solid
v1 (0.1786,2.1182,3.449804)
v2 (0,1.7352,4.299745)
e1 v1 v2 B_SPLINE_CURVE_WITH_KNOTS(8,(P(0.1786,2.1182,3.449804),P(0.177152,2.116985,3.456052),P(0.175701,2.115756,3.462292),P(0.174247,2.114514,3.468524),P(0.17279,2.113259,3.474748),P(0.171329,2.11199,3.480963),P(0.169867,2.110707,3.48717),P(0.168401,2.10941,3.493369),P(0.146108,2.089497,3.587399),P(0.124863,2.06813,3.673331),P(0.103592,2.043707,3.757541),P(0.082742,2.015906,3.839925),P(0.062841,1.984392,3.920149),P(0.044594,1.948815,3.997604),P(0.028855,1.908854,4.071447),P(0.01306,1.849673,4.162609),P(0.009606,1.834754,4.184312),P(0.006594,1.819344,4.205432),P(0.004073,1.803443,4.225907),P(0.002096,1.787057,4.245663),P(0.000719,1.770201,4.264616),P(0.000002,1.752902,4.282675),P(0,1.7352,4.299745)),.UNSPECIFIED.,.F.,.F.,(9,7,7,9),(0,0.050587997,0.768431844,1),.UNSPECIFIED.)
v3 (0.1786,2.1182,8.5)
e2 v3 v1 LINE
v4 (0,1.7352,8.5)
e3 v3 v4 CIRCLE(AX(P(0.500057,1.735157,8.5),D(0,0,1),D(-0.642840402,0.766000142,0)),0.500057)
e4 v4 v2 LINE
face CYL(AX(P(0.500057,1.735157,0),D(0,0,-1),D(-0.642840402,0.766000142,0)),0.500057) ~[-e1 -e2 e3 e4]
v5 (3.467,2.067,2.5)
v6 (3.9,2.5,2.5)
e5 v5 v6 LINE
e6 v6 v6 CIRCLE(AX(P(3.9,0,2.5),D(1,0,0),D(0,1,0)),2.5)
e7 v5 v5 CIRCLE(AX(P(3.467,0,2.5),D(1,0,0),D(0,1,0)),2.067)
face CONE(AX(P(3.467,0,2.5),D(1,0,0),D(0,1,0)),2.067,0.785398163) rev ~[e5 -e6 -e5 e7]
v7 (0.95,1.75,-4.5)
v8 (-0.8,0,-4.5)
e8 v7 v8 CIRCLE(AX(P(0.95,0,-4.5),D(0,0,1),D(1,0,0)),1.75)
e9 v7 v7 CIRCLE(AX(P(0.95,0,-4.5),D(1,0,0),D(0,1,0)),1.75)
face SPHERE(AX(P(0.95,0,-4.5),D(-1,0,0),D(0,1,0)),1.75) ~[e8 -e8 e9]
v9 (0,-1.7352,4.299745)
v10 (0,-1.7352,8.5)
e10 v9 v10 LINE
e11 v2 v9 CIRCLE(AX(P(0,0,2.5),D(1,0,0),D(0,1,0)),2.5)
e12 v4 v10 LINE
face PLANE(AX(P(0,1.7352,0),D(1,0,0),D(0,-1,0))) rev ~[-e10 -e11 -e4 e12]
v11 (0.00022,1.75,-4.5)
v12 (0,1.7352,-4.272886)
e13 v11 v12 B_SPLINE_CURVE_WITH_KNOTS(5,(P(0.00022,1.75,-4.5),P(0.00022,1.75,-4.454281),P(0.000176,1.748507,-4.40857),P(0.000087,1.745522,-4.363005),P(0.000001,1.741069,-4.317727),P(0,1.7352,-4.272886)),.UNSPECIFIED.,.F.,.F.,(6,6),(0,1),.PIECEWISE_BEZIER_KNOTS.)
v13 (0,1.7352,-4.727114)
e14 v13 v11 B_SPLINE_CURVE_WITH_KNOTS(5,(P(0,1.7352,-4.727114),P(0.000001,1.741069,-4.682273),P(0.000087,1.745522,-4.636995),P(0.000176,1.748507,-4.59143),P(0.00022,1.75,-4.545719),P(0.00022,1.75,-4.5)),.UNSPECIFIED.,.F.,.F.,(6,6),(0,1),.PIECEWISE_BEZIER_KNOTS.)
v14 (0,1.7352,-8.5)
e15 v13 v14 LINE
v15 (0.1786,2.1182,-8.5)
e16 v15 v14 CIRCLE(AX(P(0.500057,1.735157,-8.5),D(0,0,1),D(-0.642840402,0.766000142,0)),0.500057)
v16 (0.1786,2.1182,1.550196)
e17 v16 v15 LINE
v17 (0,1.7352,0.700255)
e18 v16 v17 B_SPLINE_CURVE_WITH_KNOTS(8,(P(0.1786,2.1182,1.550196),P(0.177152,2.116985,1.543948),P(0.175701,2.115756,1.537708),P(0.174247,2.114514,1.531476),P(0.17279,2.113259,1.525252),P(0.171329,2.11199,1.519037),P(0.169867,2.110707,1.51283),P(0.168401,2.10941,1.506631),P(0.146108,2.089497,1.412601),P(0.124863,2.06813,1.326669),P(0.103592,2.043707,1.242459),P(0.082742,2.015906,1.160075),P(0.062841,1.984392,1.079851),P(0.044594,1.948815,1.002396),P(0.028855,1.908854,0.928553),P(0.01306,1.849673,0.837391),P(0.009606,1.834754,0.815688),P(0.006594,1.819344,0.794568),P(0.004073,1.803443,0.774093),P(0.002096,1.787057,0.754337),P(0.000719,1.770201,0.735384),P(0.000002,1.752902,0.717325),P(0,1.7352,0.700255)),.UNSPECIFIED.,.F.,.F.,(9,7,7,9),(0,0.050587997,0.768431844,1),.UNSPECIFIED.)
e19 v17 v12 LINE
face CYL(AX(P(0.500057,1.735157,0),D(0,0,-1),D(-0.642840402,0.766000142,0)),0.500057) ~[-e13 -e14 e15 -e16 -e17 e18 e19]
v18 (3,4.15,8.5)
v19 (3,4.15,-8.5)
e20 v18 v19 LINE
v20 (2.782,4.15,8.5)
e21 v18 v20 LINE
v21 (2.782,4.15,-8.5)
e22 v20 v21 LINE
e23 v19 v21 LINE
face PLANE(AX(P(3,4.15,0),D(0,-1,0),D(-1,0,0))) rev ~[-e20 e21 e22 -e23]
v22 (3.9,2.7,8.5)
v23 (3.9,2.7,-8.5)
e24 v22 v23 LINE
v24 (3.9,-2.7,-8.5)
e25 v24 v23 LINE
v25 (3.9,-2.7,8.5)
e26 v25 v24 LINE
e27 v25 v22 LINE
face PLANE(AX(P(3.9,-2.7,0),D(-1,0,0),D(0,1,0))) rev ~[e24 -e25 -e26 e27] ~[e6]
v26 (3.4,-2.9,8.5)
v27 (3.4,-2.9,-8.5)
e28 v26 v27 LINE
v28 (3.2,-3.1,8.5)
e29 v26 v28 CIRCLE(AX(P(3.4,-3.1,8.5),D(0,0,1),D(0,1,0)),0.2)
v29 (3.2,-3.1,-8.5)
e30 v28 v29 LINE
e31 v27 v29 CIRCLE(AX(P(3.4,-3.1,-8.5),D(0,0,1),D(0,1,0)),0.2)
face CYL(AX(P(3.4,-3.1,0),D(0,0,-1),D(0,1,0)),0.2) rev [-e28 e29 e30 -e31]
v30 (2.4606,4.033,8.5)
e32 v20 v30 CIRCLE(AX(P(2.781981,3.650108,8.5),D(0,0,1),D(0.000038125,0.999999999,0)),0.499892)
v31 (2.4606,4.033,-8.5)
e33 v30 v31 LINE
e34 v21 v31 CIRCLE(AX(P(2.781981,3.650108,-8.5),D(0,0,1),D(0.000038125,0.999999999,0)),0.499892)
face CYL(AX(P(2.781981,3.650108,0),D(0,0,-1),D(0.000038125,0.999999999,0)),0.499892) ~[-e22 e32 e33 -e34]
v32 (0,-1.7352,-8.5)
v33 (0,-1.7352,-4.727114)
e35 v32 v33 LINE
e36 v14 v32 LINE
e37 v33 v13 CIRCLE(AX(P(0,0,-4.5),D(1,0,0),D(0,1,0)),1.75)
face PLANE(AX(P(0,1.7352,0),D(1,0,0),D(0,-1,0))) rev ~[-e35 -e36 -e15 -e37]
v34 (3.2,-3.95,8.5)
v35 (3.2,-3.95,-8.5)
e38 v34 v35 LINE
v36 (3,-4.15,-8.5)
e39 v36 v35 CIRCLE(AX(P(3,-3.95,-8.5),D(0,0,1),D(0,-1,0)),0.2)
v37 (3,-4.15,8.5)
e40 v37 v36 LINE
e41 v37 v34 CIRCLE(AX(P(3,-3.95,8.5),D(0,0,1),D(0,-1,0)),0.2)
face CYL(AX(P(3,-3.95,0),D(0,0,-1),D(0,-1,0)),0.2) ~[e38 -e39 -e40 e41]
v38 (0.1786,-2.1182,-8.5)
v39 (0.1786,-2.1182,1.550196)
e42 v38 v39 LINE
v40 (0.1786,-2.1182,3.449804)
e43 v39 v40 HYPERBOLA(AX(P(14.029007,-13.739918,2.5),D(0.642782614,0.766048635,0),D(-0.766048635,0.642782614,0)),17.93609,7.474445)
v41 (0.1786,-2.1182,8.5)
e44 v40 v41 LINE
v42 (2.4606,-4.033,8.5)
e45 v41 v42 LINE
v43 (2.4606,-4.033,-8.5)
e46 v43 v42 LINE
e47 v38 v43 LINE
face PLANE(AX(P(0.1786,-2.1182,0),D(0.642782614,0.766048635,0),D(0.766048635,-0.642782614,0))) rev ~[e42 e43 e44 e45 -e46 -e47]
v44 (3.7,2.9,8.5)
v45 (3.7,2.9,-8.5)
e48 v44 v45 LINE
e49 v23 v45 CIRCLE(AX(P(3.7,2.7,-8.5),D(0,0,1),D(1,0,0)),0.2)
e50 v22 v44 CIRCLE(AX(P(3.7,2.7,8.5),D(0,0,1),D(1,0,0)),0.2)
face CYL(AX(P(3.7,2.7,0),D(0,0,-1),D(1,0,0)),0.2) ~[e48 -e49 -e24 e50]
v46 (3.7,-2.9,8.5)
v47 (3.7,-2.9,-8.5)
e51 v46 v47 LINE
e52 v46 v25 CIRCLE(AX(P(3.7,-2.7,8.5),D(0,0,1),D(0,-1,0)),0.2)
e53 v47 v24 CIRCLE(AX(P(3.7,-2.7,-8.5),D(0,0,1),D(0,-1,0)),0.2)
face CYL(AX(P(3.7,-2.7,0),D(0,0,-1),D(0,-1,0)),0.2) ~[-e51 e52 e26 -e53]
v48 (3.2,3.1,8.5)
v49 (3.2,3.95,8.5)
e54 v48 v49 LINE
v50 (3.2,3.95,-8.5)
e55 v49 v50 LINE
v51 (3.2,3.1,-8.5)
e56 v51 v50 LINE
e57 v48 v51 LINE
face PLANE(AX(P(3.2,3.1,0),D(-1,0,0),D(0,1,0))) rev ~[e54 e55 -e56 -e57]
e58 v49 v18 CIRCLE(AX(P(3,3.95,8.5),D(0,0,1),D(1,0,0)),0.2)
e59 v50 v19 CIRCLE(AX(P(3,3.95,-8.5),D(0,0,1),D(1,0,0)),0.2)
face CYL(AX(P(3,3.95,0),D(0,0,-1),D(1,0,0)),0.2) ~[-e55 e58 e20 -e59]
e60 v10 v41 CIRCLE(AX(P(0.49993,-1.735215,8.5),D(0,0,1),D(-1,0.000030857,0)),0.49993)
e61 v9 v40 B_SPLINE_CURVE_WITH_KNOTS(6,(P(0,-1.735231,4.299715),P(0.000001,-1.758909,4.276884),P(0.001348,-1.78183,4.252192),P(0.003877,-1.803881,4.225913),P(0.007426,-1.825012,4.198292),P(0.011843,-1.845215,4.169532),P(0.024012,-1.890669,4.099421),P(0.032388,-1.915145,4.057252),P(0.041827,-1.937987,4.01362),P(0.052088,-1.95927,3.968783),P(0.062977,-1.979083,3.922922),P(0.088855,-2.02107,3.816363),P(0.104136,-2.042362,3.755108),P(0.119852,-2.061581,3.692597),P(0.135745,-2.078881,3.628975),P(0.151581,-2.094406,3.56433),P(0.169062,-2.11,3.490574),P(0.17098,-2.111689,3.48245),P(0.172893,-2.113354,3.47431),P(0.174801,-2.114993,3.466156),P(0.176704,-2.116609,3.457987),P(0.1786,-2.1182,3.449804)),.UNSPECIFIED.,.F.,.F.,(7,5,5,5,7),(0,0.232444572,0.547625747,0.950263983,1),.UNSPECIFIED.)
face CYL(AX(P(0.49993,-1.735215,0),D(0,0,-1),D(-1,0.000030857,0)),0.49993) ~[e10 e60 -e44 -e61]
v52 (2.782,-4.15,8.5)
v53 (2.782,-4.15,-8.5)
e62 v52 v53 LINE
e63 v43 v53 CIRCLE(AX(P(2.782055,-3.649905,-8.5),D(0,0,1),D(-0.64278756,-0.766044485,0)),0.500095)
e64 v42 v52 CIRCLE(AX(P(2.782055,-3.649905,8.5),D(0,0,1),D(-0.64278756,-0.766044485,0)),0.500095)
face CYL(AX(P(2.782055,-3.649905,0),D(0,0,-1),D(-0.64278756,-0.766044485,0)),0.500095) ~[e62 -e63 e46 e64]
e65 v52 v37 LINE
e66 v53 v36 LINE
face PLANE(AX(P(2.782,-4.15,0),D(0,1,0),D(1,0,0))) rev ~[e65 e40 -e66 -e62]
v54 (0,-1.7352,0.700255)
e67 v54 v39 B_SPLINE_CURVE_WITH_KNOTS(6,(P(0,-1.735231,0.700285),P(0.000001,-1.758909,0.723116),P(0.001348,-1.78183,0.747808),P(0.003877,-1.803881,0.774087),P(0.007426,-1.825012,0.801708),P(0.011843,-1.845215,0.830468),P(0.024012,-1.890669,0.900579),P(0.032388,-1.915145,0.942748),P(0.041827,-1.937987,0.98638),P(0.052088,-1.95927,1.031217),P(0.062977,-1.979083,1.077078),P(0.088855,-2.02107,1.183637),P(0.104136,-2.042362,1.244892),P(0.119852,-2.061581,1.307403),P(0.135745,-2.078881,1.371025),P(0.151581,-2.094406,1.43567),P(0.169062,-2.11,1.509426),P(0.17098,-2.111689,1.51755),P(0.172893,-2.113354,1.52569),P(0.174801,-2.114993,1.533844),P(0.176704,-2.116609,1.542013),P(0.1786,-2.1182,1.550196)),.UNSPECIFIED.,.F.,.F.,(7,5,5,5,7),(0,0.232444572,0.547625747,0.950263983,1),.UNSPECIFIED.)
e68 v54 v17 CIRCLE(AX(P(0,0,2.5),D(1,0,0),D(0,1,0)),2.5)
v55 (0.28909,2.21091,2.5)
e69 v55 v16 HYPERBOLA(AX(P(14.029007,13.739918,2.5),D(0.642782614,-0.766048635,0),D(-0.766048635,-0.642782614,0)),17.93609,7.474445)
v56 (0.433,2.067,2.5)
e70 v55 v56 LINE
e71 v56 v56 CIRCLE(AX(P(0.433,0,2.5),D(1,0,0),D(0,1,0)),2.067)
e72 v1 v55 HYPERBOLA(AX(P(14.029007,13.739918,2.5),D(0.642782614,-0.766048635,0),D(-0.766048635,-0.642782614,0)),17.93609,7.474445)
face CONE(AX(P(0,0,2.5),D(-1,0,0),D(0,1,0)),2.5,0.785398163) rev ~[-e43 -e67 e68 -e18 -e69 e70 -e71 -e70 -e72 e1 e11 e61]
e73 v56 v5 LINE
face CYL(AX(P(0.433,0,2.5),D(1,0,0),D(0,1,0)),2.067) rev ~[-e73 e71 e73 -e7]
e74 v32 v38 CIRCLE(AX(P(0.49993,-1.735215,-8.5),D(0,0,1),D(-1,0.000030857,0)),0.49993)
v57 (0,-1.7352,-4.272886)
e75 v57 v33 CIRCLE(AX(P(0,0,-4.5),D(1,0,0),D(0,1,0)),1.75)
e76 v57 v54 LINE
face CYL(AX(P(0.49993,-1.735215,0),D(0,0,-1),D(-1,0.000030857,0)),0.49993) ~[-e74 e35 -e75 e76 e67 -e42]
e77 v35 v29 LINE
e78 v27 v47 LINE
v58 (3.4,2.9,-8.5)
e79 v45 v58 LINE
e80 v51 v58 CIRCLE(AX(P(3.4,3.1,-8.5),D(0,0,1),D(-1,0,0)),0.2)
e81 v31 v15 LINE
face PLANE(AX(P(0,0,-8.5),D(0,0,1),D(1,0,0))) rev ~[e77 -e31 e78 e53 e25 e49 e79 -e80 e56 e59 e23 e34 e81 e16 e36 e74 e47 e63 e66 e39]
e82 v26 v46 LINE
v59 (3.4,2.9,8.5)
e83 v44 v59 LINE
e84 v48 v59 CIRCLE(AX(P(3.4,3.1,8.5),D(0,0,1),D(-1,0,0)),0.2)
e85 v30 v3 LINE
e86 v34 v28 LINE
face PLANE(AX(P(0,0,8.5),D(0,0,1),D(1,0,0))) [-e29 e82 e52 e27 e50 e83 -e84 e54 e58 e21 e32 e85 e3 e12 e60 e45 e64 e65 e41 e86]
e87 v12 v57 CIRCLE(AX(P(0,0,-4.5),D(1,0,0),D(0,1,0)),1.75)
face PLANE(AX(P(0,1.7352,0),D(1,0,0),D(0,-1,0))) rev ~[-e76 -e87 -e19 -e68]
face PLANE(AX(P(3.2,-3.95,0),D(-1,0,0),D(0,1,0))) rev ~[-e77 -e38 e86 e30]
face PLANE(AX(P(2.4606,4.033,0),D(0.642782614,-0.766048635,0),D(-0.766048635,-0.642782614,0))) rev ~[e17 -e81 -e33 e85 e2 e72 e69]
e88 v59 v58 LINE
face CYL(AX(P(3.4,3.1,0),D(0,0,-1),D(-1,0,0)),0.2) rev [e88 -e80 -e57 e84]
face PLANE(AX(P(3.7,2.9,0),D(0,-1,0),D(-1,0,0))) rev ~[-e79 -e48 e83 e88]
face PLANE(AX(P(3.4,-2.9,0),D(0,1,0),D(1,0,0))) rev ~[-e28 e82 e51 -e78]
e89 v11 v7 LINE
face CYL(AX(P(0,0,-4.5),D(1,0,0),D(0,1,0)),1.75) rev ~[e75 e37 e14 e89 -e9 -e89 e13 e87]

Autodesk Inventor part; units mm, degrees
sketch "_____2" plane through (0, 0, 0) normal (0, 0, 1) x (1, 0, 0)
  arc A0 (0, -1.7352) -> (0.1786, -2.1182) centre (0.5, -1.7352) ccw
  line L0 (0.1786, -2.1182) -> (2.4606, -4.033)
  arc A1 (2.4606, -4.033) -> (2.782, -4.15) centre (2.782, -3.65) ccw
  line L1 (2.782, -4.15) -> (3, -4.15)
  arc A2 (3, -4.15) -> (3.2, -3.95) centre (3, -3.95) ccw
  line L2 (3.2, -3.95) -> (3.2, -3.1)
  arc A3 (3.4, -2.9) -> (3.2, -3.1) centre (3.4, -3.1) ccw
  line L3 (3.4, -2.9) -> (3.7, -2.9)
  arc A4 (3.7, -2.9) -> (3.9, -2.7) centre (3.7, -2.7) ccw
  line L4 (3.9, -2.7) -> (3.9, 2.7)
  arc A5 (3.9, 2.7) -> (3.7, 2.9) centre (3.7, 2.7) ccw
  line L5 (3.7, 2.9) -> (3.4, 2.9)
  arc A6 (3.2, 3.1) -> (3.4, 2.9) centre (3.4, 3.1) ccw
  line L6 (3.2, 3.1) -> (3.2, 3.95)
  arc A7 (3.2, 3.95) -> (3, 4.15) centre (3, 3.95) ccw
  line L7 (3, 4.15) -> (2.782, 4.15)
  arc A8 (2.782, 4.15) -> (2.4606, 4.033) centre (2.782, 3.65) ccw
  line L8 (2.4606, 4.033) -> (0.1786, 2.1182)
  arc A9 (0.1786, 2.1182) -> (0, 1.7352) centre (0.5, 1.7352) ccw
  line L9 (0, 1.7352) -> (0, -1.7352)
extrude "Extrusion1" add sketch "_____2" along normal mid plane 17
sketch "Sketch_2" plane through (0, 0, 2.5) normal (0, 0, 1) x (1, 0, 0)
  line L0 (3.9, 0) -> (0, 0)
  line L1 (0, 0) -> (0, 2.5)
  line L2 (0, 2.5) -> (0.433, 2.067)
  line L3 (0.433, 2.067) -> (3.467, 2.067)
  line L4 (3.467, 2.067) -> (3.9, 2.5)
  line L5 (3.9, 2.5) -> (3.9, 0)
  line L6 (3.9, 0) -> (0, 0)
revolve "Revolution1" cut sketch "Sketch_2" angle 360 about axis through (3.9, 0, 2.5) along (1, 0, 0)
thread "Thread1" size "M5x0.8" class "6H" standard "ISO Metric profile" full length
sketch "_____1" plane through (0, 0, -4.5) normal (0, 0, 1) x (1, 0, 0)
  line L0 (0.95, 0) -> (0, 0)
  line L1 (0, 0) -> (0, 1.75)
  line L2 (0, 1.75) -> (0.95, 1.75)
  line L3 (0.95, 1.75) -> (0.95, 0)
  line L4 (0.95, 0) -> (0, 0)
revolve "Revolution2" cut sketch "_____1" angle 360 about axis through (0.95, 0, -4.5) along (1, 0, 0)
sketch "Sketch_3" plane through (0, 0, -4.5) normal (0, 0, 1) x (1, 0, 0)
  line L0 (2.7, 0) -> (-0.8, 0)
  arc A0 (2.7, 0) -> (-0.8, 0) centre (0.95, 0) ccw
  line L1 (2.7, 0) -> (-0.8, 0)
revolve "Revolution3" add sketch "Sketch_3" angle 360 about axis through (2.7, 0, -4.5) along (1, 0, 0)
ref_plane "to_blackets_XY" through (3.9, 0, 2.5) normal (1, 0, 0) x (0, 0, -1)
ref_plane "to_blackets_YZ" through (3.9, 0, 2.5) normal (0, 0, -1) x (0, 1, 0)
ref_plane "to_blackets_ZX" through (3.9, 0, 2.5) normal (0, 1, 0) x (1, 0, 0)
ref_plane "to_bolt_XY" through (0, 0, 2.5) normal (1, 0, 0) x (0, 0, -1)
ref_plane "to_bolt_YZ" through (0, 0, 2.5) normal (0, 0, -1) x (0, 1, 0)
ref_plane "to_bolt_ZX" through (0, 0, 2.5) normal (0, 1, 0) x (1, 0, 0)
ref_plane "to_frames_XY" through (3.2, 0, 2.5) normal (1, 0, 0) x (0, 0, -1)
ref_plane "to_frames_YZ" through (3.2, 0, 2.5) normal (0, 0, -1) x (0, 1, 0)
ref_plane "to_frames_ZX" through (3.2, 0, 2.5) normal (0, 1, 0) x (1, 0, 0)
properties part number "HNTP5-5"
